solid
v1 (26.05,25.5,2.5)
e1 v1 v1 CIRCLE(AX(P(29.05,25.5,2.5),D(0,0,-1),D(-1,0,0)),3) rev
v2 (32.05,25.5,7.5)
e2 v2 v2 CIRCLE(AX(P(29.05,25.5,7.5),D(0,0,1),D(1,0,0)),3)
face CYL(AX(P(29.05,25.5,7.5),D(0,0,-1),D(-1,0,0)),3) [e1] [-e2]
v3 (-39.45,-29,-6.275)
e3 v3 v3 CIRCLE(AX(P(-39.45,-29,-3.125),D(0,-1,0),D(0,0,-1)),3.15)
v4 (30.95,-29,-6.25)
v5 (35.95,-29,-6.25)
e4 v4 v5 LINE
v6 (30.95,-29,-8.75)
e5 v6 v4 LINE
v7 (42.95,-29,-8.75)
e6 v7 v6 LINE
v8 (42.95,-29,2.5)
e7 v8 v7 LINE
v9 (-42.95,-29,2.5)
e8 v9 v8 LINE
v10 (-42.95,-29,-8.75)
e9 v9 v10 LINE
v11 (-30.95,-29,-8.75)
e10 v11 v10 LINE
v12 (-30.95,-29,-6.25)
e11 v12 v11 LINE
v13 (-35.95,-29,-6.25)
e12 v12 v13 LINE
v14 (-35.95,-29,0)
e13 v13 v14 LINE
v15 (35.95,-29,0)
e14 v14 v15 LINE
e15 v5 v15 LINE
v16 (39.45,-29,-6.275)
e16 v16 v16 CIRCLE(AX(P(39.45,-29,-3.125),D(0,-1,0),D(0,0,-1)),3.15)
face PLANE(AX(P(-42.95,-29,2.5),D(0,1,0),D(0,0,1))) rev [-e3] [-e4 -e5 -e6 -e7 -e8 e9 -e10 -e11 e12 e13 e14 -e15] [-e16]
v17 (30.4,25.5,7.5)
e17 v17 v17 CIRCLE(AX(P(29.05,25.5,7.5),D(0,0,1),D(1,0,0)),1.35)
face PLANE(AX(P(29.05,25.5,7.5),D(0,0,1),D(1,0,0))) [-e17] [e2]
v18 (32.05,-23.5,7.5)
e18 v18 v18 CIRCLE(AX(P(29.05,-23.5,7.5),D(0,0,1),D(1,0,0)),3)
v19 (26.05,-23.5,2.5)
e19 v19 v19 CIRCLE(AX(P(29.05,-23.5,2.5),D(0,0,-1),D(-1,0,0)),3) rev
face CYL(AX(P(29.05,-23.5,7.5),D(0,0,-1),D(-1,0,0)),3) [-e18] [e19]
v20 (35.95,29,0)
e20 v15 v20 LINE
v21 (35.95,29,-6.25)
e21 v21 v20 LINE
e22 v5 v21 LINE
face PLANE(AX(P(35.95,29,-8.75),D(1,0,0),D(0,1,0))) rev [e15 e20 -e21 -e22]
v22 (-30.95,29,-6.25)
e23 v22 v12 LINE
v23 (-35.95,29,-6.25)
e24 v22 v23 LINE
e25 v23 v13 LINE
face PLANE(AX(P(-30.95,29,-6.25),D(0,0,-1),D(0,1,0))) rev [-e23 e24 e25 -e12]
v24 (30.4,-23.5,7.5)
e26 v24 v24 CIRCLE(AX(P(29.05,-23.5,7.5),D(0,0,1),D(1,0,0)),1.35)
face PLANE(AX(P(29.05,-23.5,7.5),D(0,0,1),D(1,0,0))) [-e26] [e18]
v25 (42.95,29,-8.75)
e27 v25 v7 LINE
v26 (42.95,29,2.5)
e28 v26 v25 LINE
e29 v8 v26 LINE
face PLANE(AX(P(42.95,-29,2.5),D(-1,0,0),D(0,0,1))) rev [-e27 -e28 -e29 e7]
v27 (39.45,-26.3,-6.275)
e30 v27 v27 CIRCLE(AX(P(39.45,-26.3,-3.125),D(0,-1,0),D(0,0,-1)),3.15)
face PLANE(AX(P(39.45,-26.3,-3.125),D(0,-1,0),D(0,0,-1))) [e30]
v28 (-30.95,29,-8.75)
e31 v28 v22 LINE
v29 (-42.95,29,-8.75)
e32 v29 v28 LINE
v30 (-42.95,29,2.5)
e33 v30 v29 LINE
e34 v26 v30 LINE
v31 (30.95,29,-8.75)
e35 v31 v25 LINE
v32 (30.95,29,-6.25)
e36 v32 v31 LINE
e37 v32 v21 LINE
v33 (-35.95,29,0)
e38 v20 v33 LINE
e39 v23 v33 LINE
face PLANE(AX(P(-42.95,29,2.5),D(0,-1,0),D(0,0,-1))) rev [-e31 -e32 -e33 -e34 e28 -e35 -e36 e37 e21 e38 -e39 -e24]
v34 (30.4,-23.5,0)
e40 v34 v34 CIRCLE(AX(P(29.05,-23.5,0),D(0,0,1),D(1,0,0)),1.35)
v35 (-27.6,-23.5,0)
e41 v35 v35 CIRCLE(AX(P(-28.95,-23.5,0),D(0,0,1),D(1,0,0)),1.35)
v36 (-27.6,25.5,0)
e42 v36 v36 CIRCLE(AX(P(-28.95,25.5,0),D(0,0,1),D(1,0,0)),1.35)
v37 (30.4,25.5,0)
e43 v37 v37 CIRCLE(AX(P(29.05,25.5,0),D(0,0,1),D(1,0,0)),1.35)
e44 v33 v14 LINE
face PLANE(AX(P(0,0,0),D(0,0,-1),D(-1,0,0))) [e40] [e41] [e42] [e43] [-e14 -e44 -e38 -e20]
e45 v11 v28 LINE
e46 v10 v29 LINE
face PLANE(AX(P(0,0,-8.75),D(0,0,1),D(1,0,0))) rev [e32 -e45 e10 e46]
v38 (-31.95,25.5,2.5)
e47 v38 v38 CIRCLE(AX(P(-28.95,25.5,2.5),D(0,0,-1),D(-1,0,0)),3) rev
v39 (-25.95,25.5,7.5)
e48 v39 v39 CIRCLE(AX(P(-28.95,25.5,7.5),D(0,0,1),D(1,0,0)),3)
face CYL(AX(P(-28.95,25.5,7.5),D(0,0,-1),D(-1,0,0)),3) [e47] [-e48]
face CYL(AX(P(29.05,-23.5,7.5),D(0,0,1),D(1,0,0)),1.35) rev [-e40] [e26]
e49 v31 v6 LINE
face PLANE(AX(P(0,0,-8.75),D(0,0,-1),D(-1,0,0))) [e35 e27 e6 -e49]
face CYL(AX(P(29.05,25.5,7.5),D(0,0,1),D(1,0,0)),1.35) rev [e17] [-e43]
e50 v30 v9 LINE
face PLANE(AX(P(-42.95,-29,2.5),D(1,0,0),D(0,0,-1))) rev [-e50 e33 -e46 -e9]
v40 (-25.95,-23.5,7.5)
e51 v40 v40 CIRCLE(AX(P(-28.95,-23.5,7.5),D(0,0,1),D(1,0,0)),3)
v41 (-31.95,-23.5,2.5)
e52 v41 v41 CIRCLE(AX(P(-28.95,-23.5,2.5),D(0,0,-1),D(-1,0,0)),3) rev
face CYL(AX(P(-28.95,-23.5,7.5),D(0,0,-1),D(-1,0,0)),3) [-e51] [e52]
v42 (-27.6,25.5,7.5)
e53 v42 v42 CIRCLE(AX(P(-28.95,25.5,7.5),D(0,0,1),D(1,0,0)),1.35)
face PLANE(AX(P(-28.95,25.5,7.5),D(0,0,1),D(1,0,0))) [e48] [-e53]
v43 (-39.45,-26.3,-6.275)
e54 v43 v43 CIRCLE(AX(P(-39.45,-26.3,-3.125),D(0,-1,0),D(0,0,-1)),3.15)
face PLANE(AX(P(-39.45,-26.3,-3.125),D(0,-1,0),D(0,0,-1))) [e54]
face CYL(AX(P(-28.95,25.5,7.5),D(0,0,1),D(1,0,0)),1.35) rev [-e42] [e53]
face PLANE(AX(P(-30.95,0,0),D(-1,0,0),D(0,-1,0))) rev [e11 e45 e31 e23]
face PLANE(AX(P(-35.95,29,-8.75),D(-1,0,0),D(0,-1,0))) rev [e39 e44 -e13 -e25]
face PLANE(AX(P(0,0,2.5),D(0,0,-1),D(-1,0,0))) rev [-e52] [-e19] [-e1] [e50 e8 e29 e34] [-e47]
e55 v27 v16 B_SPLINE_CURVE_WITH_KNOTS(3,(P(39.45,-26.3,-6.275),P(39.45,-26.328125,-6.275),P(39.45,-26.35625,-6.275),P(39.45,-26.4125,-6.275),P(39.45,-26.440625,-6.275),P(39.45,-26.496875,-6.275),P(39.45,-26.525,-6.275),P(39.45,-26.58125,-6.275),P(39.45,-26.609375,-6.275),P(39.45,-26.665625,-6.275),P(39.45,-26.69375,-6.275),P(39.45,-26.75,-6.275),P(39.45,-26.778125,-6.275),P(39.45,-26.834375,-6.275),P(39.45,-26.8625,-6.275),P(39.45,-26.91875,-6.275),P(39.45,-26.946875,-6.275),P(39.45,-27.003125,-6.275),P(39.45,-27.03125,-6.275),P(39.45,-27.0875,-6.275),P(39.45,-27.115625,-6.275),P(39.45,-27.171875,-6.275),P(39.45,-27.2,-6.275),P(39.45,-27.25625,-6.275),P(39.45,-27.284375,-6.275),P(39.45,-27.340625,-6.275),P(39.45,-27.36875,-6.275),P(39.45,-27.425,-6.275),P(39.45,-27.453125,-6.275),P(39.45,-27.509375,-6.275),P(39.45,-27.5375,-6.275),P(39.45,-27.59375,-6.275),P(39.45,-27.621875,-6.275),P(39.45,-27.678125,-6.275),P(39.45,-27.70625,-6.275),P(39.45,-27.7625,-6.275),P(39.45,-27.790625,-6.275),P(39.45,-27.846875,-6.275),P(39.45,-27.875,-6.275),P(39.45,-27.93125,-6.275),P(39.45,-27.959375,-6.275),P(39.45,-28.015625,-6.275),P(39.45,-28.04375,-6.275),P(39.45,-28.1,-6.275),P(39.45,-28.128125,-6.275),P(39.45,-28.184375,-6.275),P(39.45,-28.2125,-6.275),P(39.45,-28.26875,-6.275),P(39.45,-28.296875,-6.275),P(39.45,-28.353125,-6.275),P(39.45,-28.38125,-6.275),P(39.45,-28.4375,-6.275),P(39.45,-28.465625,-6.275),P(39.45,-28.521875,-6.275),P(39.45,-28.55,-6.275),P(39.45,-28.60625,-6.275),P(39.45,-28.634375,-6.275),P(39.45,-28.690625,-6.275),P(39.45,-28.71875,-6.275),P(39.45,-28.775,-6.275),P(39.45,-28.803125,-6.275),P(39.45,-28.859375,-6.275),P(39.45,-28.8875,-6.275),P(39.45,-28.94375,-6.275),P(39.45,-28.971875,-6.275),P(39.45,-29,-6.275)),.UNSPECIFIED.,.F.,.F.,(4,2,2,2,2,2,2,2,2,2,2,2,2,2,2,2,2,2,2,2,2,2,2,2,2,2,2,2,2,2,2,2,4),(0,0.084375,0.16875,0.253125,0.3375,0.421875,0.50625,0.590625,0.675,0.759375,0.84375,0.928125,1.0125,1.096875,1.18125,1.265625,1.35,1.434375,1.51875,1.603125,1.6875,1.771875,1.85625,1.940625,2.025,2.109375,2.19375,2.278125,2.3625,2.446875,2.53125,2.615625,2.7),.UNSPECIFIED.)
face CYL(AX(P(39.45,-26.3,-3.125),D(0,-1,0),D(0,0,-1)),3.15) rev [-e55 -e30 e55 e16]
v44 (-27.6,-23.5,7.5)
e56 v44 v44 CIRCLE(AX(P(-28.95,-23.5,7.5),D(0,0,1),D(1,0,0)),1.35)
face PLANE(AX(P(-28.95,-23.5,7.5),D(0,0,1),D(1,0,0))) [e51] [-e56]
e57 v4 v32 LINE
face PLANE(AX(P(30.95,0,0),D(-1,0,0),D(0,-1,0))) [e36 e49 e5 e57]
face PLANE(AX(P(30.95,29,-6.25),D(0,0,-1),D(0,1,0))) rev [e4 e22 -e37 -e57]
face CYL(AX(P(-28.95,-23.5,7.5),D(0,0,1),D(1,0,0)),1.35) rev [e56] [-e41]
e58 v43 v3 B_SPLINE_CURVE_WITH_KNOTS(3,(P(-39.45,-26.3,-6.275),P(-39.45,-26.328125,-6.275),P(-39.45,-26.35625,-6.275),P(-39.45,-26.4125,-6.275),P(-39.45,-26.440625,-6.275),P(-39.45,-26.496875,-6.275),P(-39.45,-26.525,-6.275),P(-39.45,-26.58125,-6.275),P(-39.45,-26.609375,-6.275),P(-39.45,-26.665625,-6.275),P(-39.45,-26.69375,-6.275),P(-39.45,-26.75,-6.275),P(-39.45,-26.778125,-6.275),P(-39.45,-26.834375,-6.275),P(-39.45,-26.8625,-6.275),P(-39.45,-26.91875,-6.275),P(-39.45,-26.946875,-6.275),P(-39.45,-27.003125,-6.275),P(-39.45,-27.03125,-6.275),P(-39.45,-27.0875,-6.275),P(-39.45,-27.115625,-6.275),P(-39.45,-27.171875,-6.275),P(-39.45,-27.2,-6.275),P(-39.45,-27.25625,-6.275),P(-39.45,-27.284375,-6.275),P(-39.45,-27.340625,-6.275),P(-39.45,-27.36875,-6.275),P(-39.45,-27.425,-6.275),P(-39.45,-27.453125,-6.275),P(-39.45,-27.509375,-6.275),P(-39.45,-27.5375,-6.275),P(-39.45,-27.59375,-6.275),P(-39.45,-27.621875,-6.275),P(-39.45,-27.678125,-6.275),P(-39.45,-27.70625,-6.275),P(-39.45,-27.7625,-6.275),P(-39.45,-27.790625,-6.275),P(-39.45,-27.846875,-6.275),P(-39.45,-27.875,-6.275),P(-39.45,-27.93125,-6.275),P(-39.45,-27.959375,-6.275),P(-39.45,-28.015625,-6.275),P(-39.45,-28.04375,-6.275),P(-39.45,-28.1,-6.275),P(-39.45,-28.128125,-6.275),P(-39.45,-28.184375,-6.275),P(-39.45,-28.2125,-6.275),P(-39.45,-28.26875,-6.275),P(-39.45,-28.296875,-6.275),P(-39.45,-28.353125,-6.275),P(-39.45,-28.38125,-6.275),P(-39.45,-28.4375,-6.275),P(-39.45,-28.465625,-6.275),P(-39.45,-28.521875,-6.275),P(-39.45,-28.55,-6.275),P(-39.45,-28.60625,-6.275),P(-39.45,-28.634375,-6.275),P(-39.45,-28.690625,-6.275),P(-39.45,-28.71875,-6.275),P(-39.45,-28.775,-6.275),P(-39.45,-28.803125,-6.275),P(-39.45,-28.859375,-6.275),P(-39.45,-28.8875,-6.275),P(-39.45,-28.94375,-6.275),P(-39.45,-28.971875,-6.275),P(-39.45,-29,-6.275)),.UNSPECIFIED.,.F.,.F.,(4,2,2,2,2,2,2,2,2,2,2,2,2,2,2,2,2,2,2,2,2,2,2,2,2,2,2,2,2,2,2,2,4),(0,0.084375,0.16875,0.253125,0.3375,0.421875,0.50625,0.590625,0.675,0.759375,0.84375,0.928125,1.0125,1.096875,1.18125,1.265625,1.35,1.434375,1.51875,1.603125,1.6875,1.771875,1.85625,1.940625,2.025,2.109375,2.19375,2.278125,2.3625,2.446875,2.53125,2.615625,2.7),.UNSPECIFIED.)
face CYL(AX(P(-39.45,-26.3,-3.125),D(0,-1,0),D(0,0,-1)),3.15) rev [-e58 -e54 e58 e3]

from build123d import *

# Parameters (mm, degrees)
SKETCH1_W              = 85.9
SKETCH1_H              = 58
BOSS_EXTRUDE1_DEPTH    = 2.5
SKETCH2_R              = 3
BOSS_EXTRUDE2_DEPTH    = 5
LPATTERN1_COUNT        = 2
LPATTERN1_PITCH        = 49
M2_5_CLEARANCE_HOLE1_D = 2.7
SKETCH6_W              = 7
SKETCH6_H              = 58
BOSS_EXTRUDE3_DEPTH    = 8.75
SKETCH7_W              = 2.5
SKETCH7_H              = 58
BOSS_EXTRUDE4_DEPTH    = 5
SKETCH8_W              = 2.5
SKETCH8_H              = 58
BOSS_EXTRUDE5_DEPTH    = 5
SKETCH9_R              = 3.15
CUT_EXTRUDE1_DEPTH     = 2.7


with BuildPart() as part:
    # Sketch1 → Boss-Extrude1 (new body)
    with BuildSketch(Plane.XY):
        Rectangle(SKETCH1_W, SKETCH1_H)
    extrude(amount=BOSS_EXTRUDE1_DEPTH)

    # Sketch2 → Boss-Extrude2 (add)
    with BuildSketch(Plane.XY.offset(2.5)):
        with Locations(Location((-28.95, 25.5, 0), (0, 0, 180))):
            Circle(SKETCH2_R)
        with Locations(Location((29.05, 25.5, 0), (0, 0, 180))):
            Circle(SKETCH2_R)
    boss_extrude2 = extrude(amount=BOSS_EXTRUDE2_DEPTH)

    # LPattern1: Boss-Extrude2 ×2
    with Locations(*[(0, -i * LPATTERN1_PITCH, 0) for i in range(1, LPATTERN1_COUNT)]):
        add(boss_extrude2)

    # M2.5 Clearance Hole1 (through all)
    with Locations(Plane.XY.offset(7.5)):
        with Locations((-28.95, 25.5), (-28.95, -23.5), (29.05, 25.5), (29.05, -23.5)):
            Hole(M2_5_CLEARANCE_HOLE1_D / 2)

    # Sketch6 → Boss-Extrude3 (add)
    with BuildSketch(Plane(origin=(0, 0, 0), x_dir=(-1, 0, 0), z_dir=(0, 0, -1))):
        with Locations((-39.45, 0)):
            Rectangle(SKETCH6_W, SKETCH6_H)
        with Locations((39.45, 0)):
            Rectangle(SKETCH6_W, SKETCH6_H)
    extrude(amount=BOSS_EXTRUDE3_DEPTH)

    # Sketch7 → Boss-Extrude4 (add)
    with BuildSketch(Plane.ZY.offset(-35.95)):
        with Locations((-7.5, 0)):
            Rectangle(SKETCH7_W, SKETCH7_H)
    extrude(amount=BOSS_EXTRUDE4_DEPTH)

    # Sketch8 → Boss-Extrude5 (add)
    with BuildSketch(Plane(origin=(-35.95, 0, 0), x_dir=(0, 0, -1), z_dir=(1, 0, 0))):
        with Locations((7.5, 0)):
            Rectangle(SKETCH8_W, SKETCH8_H)
    extrude(amount=BOSS_EXTRUDE5_DEPTH)

    # Sketch9 → Cut-Extrude1 (cut)
    with BuildSketch(Plane.XZ.offset(29)):
        with Locations(Location((-39.45, -3.125, 0), (0, 0, 270))):
            Circle(SKETCH9_R)
        with Locations(Location((39.45, -3.125, 0), (0, 0, 270))):
            Circle(SKETCH9_R)
    extrude(amount=-CUT_EXTRUDE1_DEPTH, mode=Mode.SUBTRACT)


solid = part.part
